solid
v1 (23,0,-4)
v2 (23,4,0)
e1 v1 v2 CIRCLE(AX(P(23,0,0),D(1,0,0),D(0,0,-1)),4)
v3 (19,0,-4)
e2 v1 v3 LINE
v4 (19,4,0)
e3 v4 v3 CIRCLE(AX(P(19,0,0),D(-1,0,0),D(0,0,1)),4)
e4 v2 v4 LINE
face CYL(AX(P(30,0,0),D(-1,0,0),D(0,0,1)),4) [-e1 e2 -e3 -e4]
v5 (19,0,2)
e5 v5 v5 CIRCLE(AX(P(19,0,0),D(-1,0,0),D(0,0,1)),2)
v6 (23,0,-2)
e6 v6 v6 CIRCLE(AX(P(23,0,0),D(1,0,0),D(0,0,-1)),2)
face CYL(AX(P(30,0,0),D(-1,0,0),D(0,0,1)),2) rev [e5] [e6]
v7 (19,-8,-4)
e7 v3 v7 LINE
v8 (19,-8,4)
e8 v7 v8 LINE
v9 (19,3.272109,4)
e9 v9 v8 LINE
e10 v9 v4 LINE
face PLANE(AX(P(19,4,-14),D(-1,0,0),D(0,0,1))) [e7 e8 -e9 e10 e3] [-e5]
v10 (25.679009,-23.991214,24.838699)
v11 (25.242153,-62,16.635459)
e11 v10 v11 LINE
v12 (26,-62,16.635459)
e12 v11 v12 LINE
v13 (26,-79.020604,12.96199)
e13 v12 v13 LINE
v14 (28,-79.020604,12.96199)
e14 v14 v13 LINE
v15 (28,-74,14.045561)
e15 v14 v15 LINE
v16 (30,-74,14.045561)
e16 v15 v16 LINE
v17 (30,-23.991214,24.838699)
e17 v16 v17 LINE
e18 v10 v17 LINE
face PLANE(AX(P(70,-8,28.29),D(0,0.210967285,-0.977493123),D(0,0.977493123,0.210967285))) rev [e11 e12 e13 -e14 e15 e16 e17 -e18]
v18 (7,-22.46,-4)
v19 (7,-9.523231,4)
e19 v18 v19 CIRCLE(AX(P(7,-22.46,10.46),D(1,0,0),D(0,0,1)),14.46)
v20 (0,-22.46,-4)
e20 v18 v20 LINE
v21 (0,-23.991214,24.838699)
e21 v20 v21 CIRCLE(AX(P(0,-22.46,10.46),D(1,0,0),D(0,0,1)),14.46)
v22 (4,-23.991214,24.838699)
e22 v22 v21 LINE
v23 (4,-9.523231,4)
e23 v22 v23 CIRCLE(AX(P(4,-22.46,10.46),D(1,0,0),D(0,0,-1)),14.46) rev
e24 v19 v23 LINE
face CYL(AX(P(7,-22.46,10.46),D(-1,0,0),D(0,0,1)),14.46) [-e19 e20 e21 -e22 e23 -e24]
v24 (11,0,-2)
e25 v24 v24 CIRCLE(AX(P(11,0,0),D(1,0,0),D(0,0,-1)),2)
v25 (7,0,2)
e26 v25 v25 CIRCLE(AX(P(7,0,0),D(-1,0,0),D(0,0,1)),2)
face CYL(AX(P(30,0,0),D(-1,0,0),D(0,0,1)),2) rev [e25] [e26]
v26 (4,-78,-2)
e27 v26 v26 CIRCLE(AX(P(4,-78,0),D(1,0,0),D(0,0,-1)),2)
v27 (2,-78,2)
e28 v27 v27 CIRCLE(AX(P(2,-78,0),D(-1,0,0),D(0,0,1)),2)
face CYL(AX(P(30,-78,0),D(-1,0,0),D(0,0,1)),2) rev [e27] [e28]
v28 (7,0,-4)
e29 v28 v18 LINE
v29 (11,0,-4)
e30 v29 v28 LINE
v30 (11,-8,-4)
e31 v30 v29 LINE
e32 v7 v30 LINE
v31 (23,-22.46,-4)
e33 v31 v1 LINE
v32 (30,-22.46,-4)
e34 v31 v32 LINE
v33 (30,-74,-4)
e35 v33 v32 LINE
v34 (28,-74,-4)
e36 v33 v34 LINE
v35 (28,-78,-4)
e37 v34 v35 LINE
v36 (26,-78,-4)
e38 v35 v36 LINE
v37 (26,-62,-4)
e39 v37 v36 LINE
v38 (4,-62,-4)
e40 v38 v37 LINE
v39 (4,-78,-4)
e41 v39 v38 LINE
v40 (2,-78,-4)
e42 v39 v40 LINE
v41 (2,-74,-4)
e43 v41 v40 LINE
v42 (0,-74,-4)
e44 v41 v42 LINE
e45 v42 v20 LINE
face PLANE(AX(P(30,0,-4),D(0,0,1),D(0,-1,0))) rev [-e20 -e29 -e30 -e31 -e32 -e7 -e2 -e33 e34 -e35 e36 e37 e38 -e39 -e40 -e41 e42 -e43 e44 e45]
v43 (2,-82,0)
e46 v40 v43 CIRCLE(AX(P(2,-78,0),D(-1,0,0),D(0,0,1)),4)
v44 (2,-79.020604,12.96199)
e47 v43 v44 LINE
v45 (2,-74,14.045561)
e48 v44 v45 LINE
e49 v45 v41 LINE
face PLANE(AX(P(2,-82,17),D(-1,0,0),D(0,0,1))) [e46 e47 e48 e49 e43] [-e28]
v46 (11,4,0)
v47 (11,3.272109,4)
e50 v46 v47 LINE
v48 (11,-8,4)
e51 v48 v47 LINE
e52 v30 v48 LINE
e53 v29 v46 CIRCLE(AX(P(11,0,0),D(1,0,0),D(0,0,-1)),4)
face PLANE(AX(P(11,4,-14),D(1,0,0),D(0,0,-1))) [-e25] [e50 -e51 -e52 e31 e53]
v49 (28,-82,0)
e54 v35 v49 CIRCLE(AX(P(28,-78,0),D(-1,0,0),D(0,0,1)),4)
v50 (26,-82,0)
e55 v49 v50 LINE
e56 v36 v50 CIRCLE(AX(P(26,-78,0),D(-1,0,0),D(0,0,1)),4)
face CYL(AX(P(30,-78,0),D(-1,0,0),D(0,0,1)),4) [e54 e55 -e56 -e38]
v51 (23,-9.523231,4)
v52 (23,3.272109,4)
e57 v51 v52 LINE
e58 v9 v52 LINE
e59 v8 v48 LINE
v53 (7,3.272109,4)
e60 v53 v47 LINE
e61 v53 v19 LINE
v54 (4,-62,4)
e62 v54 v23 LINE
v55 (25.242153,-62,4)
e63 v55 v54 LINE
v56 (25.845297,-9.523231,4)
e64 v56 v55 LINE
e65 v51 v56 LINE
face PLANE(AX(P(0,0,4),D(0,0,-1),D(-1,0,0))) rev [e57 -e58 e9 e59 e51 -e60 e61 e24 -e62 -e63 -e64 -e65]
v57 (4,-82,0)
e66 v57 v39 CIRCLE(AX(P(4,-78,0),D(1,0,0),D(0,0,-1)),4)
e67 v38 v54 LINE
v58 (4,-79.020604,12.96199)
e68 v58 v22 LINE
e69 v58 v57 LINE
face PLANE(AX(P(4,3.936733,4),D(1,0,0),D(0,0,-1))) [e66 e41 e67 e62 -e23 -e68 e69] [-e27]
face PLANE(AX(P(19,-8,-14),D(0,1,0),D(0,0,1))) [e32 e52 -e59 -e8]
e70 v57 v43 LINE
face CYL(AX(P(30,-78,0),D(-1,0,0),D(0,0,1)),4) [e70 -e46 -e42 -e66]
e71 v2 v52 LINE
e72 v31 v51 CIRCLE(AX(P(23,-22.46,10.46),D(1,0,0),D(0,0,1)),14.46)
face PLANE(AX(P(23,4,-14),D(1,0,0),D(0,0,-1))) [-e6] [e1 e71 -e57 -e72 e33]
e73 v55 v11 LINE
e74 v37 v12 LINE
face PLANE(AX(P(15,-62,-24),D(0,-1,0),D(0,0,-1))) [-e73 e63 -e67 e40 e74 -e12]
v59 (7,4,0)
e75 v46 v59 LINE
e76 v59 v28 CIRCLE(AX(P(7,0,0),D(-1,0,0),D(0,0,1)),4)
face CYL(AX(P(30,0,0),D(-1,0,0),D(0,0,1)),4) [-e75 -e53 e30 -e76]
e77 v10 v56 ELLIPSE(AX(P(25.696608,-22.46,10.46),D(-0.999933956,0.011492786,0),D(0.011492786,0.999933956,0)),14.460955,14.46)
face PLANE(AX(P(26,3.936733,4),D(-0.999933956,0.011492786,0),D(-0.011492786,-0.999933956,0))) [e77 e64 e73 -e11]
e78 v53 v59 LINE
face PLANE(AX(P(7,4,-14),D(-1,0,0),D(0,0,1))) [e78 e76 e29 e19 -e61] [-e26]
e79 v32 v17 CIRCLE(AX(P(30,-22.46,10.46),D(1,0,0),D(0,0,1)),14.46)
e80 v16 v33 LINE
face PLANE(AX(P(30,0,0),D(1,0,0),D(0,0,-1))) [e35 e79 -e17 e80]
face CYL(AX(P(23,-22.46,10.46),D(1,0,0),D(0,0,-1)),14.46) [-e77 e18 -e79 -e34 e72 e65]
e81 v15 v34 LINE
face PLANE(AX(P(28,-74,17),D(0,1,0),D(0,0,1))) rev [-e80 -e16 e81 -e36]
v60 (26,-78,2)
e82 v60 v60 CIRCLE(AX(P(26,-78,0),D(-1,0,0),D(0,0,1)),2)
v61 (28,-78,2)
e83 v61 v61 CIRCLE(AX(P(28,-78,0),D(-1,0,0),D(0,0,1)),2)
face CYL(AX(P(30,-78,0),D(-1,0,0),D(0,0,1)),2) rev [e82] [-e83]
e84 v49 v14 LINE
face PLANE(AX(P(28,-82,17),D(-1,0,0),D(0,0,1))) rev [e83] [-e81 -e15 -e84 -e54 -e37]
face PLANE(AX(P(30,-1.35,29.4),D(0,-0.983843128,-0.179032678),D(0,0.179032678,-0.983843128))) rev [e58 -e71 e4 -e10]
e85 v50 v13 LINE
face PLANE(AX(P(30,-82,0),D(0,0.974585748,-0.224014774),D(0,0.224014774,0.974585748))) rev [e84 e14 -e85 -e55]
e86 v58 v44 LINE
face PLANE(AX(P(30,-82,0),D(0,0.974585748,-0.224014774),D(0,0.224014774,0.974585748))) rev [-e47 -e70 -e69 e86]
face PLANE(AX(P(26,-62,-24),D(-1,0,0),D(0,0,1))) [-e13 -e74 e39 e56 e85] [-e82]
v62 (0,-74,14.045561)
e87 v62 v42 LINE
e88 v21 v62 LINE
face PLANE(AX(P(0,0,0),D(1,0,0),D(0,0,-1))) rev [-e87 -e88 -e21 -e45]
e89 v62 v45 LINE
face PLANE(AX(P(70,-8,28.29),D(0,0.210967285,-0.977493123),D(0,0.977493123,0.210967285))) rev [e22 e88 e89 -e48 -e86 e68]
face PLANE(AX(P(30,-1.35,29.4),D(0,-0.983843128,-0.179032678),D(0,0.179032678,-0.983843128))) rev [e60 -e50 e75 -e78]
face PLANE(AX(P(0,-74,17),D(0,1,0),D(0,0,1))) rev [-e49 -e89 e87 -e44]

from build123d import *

# Parameters (mm, degrees)
SKETCH2_R                = 2
BOSS_EXTRUDE1_DEPTH      = 30
SKETCH3_W                = 7
SKETCH3_H                = 12
SKETCH3_W_2              = 8
CUT_EXTRUDE1_DEPTH       = 60
CUT_EXTRUDE2_DEPTH       = 42
CUT_EXTRUDE5_DEPTH       = 70
CUT_EXTRUDE9_DEPTH       = 70
CUT_EXTRUDE10_DEPTH      = 7
CUT_EXTRUDE11_DEPTH      = 17
CUT_EXTRUDE11_DEPTH_BACK = 17
SKETCH9_W                = 8
SKETCH9_H                = 2


with BuildPart() as part:
    # Sketch2 → Boss-Extrude1 (new body)
    with BuildSketch(Plane.YZ):
        with BuildLine():
            Line((0, -4), (-78, -4))
            ThreePointArc((-78, -4), (-80.828427125, -2.828427125), (-82, 0))
            Line((-82, 0), (-78.449171497, 15.448029549))
            ThreePointArc((-78.449171497, 15.448029549), (-77.745781061, 16.56461802), (-76.5, 17))
            Line((-76.5, 17), (-5.35, 33.4))
            ThreePointArc((-5.35, 33.4), (-2.521572875, 32.228427125), (-1.35, 29.4))
            Line((-1.35, 29.4), (4, 0))
            ThreePointArc((4, 0), (2.828427125, -2.828427125), (0, -4))
        make_face()
        with Locations(Location((0, 0, 0), (0, 0, 270))):
            Circle(SKETCH2_R, mode=Mode.SUBTRACT)
        with Locations(Location((-78, 0, 0), (0, 0, 270))):
            Circle(SKETCH2_R, mode=Mode.SUBTRACT)
    extrude(amount=BOSS_EXTRUDE1_DEPTH)

    # Sketch3 → Cut-Extrude1 (cut)
    with BuildSketch(Plane(origin=(0, 0, 46), x_dir=(-1, 0, 0), z_dir=(0, 0, -1))):
        Polygon((0, 0), (0, 4), (-7, 4), (-7, -8), (0, -8), align=None)
        with Locations((-26.5, -2)):
            Rectangle(SKETCH3_W, SKETCH3_H)
        with Locations((-15, -2)):
            Rectangle(SKETCH3_W_2, SKETCH3_H)
    extrude(amount=CUT_EXTRUDE1_DEPTH, mode=Mode.SUBTRACT)

    # Sketch4 → Cut-Extrude2 (cut)
    with BuildSketch(Plane(origin=(0, 0, 46), x_dir=(-1, 0, 0), z_dir=(0, 0, -1))):
        Polygon((-15, 3.93673286), (-4, 3.93673286), (-4, -82.06326714), (-25.011555161, -82.06326714), (-26, 3.93673286), align=None)
    extrude(amount=CUT_EXTRUDE2_DEPTH, mode=Mode.SUBTRACT)

    # Sketch6 → Cut-Extrude5 (cut)
    with BuildSketch(Plane(origin=(0, 0, 46), x_dir=(-1, 0, 0), z_dir=(0, 0, -1))):
        Polygon((-15, -62), (-4, -62), (-4, -102), (-26, -102), (-26, -62), align=None)
    extrude(amount=CUT_EXTRUDE5_DEPTH, mode=Mode.SUBTRACT)

    # Sketch7 → Cut-Extrude9 (cut)
    with BuildSketch(Plane(origin=(0, 0, 0), x_dir=(0, -1, 0), z_dir=(-1, 0, 0))):
        with BuildLine():
            Line((8, 28.29), (8, 32.789177793))
            Line((8, 32.789177793), (76.5, 17))
            ThreePointArc((76.5, 17), (77.745781061, 16.56461802), (78.449171497, 15.448029549))
            Line((78.449171497, 15.448029549), (79.020603501, 12.961990453))
            Line((79.020603501, 12.961990453), (8, 28.29))
        make_face()
    extrude(amount=-CUT_EXTRUDE9_DEPTH, mode=Mode.SUBTRACT)

    # Sketch8 → Cut-Extrude10 (cut)
    with BuildSketch(Plane(origin=(0, 0, 0), x_dir=(0, -1, 0), z_dir=(-1, 0, 0))):
        with BuildLine():
            Line((8, 28.29), (25.445762173, 24.608385924))
            ThreePointArc((25.445762173, 24.608385924), (8.078114511, 11.960989597), (22.46, -4))
            Line((22.46, -4), (-8.040982842, -4))
            Line((-8.040982842, -4), (-8.040982842, 32.936104238))
            Line((-8.040982842, 32.936104238), (8, 28.29))
        make_face()
    cut_extrude10 = extrude(amount=-CUT_EXTRUDE10_DEPTH, mode=Mode.SUBTRACT)

    # Mirror1: Cut-Extrude10 across plane
    add(cut_extrude10.mirror(Plane(origin=(15, 0, 0), x_dir=(0, 0, 1), z_dir=(1, 0, 0))), mode=Mode.SUBTRACT)

    # Sketch9 → Cut-Extrude11 (cut, two sides: drawn at the far end of the back side and taken through both)
    with BuildSketch(Plane(origin=(0, 0, 0), x_dir=(0, 1, 0), z_dir=(0, 0, 1)).offset(-CUT_EXTRUDE11_DEPTH_BACK)):
        with Locations((-78, -1)):
            Rectangle(SKETCH9_W, SKETCH9_H)
        with Locations((-78, -29)):
            Rectangle(SKETCH9_W, SKETCH9_H)
    extrude(amount=CUT_EXTRUDE11_DEPTH + CUT_EXTRUDE11_DEPTH_BACK, mode=Mode.SUBTRACT)


solid = part.part
